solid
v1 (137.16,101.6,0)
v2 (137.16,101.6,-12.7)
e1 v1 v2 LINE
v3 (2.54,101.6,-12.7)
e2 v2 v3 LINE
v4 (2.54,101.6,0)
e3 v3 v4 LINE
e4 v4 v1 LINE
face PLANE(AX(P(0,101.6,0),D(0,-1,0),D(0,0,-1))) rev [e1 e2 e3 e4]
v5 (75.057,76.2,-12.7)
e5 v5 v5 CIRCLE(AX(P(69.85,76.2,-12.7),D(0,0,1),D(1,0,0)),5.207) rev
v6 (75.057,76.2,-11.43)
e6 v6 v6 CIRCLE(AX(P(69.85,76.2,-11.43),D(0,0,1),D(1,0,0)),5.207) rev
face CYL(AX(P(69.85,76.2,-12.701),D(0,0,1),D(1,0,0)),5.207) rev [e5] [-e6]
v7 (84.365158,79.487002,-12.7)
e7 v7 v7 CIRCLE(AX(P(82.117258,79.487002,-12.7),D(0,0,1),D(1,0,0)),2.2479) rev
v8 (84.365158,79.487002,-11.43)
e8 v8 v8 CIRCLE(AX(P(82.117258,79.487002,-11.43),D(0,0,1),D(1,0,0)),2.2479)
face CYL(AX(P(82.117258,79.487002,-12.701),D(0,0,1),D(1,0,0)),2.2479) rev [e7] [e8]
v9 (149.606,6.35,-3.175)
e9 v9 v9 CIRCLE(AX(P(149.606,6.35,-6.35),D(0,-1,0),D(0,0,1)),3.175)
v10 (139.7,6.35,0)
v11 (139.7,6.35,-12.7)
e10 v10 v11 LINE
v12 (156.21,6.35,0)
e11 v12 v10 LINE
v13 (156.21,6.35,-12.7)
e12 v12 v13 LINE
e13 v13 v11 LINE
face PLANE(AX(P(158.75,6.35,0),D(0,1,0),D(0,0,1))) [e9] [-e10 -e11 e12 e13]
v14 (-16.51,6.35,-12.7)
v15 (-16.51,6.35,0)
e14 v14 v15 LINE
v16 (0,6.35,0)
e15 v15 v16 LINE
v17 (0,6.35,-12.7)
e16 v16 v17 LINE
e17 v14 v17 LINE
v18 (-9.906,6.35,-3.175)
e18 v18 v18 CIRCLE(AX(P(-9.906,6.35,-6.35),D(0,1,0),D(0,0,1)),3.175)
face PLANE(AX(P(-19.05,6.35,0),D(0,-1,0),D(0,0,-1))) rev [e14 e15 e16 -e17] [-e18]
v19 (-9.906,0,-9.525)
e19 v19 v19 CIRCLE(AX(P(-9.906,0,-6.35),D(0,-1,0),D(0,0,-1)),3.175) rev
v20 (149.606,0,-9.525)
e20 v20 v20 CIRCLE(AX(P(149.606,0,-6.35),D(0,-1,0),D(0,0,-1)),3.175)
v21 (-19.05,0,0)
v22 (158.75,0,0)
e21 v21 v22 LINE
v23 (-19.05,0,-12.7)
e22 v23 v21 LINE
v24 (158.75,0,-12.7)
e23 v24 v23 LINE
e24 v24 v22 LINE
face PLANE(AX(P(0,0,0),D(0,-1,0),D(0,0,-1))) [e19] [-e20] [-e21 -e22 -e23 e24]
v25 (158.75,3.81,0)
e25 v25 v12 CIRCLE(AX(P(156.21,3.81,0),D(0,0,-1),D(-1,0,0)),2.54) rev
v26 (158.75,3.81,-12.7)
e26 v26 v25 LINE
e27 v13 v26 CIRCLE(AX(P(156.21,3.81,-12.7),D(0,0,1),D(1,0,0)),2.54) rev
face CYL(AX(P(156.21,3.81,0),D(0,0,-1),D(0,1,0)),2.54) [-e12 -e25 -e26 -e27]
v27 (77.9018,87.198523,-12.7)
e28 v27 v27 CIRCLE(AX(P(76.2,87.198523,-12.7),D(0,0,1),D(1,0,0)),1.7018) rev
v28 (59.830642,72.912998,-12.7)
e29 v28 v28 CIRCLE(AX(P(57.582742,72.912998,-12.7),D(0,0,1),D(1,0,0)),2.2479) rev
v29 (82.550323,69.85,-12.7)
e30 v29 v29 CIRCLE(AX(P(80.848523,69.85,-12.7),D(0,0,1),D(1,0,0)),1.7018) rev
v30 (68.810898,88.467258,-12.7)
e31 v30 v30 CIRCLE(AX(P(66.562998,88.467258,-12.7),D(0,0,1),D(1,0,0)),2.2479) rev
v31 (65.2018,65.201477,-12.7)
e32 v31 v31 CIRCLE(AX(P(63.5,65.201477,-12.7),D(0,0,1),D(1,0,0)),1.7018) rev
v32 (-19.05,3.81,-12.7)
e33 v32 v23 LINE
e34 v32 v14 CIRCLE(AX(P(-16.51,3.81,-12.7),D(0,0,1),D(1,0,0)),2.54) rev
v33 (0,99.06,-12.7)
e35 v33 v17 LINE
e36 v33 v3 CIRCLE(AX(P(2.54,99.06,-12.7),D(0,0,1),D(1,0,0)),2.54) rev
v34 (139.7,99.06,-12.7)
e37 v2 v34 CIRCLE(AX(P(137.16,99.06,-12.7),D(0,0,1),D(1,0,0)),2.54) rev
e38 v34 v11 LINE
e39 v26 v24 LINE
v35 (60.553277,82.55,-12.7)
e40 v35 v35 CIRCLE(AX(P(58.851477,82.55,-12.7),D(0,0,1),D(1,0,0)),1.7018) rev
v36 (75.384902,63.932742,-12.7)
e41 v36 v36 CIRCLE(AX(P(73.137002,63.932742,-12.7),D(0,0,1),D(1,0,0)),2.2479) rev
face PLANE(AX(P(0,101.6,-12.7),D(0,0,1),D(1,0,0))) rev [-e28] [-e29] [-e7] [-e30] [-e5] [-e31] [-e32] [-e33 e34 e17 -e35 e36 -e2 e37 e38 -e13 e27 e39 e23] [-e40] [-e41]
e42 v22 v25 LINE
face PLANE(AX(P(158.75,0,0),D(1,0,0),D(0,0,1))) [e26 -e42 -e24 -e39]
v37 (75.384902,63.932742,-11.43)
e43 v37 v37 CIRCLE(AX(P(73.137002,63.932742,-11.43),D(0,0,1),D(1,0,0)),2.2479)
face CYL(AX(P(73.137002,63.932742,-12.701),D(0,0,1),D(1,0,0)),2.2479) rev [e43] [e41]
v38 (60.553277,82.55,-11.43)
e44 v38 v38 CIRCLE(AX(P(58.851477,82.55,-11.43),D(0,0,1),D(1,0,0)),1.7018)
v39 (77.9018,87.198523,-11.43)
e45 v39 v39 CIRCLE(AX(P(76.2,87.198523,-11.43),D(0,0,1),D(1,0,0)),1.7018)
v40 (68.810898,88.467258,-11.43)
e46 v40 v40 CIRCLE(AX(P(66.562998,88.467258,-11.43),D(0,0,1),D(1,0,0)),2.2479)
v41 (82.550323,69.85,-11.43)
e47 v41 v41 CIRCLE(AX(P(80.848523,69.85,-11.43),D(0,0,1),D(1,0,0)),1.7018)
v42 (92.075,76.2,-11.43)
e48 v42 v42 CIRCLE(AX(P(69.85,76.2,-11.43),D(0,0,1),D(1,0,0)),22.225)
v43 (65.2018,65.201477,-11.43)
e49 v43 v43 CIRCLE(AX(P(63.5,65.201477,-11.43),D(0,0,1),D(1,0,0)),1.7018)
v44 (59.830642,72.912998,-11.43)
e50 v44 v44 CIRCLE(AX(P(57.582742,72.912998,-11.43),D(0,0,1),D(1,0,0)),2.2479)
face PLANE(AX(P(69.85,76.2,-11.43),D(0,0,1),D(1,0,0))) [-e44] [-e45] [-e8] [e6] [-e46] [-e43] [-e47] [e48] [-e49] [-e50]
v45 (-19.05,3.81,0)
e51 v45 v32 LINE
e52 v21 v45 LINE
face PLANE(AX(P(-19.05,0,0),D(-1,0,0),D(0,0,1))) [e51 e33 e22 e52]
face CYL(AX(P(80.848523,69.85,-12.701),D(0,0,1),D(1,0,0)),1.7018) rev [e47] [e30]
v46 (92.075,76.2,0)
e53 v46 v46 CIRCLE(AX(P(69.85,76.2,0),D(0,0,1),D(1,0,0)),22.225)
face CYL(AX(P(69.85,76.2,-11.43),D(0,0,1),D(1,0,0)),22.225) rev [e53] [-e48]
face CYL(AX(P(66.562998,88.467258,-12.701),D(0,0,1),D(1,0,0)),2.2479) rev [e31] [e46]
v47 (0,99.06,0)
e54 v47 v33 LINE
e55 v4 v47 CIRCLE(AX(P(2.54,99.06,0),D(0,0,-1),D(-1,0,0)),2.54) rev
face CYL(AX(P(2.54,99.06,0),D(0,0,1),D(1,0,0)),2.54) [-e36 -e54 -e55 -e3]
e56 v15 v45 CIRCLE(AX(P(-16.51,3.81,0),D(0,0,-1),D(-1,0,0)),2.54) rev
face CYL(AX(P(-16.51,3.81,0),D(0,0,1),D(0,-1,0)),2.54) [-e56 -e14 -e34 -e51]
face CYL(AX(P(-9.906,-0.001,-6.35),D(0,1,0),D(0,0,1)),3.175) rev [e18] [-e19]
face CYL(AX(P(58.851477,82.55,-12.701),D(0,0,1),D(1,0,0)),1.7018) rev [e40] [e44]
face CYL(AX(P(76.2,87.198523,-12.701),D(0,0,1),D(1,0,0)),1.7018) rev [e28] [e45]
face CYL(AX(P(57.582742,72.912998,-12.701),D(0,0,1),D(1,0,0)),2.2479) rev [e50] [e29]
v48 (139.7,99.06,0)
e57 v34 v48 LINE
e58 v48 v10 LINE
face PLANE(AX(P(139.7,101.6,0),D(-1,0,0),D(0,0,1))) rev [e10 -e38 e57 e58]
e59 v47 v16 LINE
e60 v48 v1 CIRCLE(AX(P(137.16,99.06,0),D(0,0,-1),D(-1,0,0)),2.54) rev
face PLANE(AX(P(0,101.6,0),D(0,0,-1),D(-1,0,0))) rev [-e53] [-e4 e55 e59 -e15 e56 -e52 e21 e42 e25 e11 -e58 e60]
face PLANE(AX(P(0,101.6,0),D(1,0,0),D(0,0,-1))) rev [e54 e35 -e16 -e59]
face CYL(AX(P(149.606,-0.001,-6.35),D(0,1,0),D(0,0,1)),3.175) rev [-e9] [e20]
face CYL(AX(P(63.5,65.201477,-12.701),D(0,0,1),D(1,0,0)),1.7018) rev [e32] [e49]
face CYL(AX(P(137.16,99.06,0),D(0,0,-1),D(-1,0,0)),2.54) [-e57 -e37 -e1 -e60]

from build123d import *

# Parameters (mm, degrees)
SKETCH1_W           = 139.7
SKETCH1_H           = 12.7
BOSS_EXTRUDE1_DEPTH = 101.6
SKETCH2_W           = 12.7
SKETCH2_H           = 6.35
BOSS_EXTRUDE2_DEPTH = 19.05
CUT_EXTRUDE1_REACH  = 190.906
SKETCH3_R           = 5.207
SKETCH4_R           = 22.225
CUT_EXTRUDE2_DEPTH  = 11.43
CUT_EXTRUDE3_REACH  = 190.825
SKETCH5_R           = 1.7018
SKETCH5_R_2         = 2.2479
CUT_EXTRUDE4_REACH  = 187.568
SKETCH6_R           = 3.175
FILLET1_R           = 2.54


with BuildPart() as part:
    # Sketch1 → Boss-Extrude1 (new body)
    with BuildSketch(Plane(origin=(0, 0, 0), x_dir=(1, 0, 0), z_dir=(0, 1, 0))):
        with Locations((69.85, 6.35)):
            Rectangle(SKETCH1_W, SKETCH1_H)
    extrude(amount=BOSS_EXTRUDE1_DEPTH)

    # Sketch2 → Boss-Extrude2 (add)
    with BuildSketch(Plane.ZY):
        with Locations((-6.35, 3.175)):
            Rectangle(SKETCH2_W, SKETCH2_H)
    boss_extrude2 = extrude(amount=BOSS_EXTRUDE2_DEPTH)

    # Mirror1: Boss-Extrude2 across plane
    add(boss_extrude2.mirror(Plane.ZY.offset(-69.85)))

    # Sketch3 → Cut-Extrude1 (cut, up to next)
    with BuildSketch(Plane.XY, mode=Mode.PRIVATE) as cut_extrude1_sk1:
        with Locations((69.85, 76.2)):
            Circle(SKETCH3_R)
    cut_extrude1_tool1 = extrude(cut_extrude1_sk1.sketch, amount=-CUT_EXTRUDE1_REACH, mode=Mode.PRIVATE) & part.part
    add(cut_extrude1_tool1.solids().sort_by_distance((69.85, 76.2, 0))[0], mode=Mode.SUBTRACT)

    # Sketch4 → Cut-Extrude2 (cut)
    with BuildSketch(Plane.XY):
        with Locations((69.85, 76.2)):
            Circle(SKETCH4_R)
    extrude(amount=-CUT_EXTRUDE2_DEPTH, mode=Mode.SUBTRACT)

    # Sketch5 → Cut-Extrude3 (cut, up to next)
    with BuildSketch(Plane.XY.offset(-11.43), mode=Mode.PRIVATE) as cut_extrude3_sk1:
        with Locations((58.851477372, 82.55)):
            Circle(SKETCH5_R)
    cut_extrude3_tool1 = extrude(cut_extrude3_sk1.sketch, amount=-CUT_EXTRUDE3_REACH, mode=Mode.PRIVATE) & part.part
    # Sketch5 → Cut-Extrude3 (cut, up to next)
    with BuildSketch(Plane.XY.offset(-11.43), mode=Mode.PRIVATE) as cut_extrude3_sk2:
        with Locations((66.562998127, 88.467257994)):
            Circle(SKETCH5_R_2)
    cut_extrude3_tool2 = extrude(cut_extrude3_sk2.sketch, amount=-CUT_EXTRUDE3_REACH, mode=Mode.PRIVATE) & part.part
    # Sketch5 → Cut-Extrude3 (cut, up to next)
    with BuildSketch(Plane.XY.offset(-11.43), mode=Mode.PRIVATE) as cut_extrude3_sk3:
        with Locations((82.117257994, 79.487001873)):
            Circle(SKETCH5_R_2)
    cut_extrude3_tool3 = extrude(cut_extrude3_sk3.sketch, amount=-CUT_EXTRUDE3_REACH, mode=Mode.PRIVATE) & part.part
    # Sketch5 → Cut-Extrude3 (cut, up to next)
    with BuildSketch(Plane.XY.offset(-11.43), mode=Mode.PRIVATE) as cut_extrude3_sk4:
        with Locations((73.137001873, 63.932742006)):
            Circle(SKETCH5_R_2)
    cut_extrude3_tool4 = extrude(cut_extrude3_sk4.sketch, amount=-CUT_EXTRUDE3_REACH, mode=Mode.PRIVATE) & part.part
    # Sketch5 → Cut-Extrude3 (cut, up to next)
    with BuildSketch(Plane.XY.offset(-11.43), mode=Mode.PRIVATE) as cut_extrude3_sk5:
        with Locations((57.582742006, 72.912998127)):
            Circle(SKETCH5_R_2)
    cut_extrude3_tool5 = extrude(cut_extrude3_sk5.sketch, amount=-CUT_EXTRUDE3_REACH, mode=Mode.PRIVATE) & part.part
    # Sketch5 → Cut-Extrude3 (cut, up to next)
    with BuildSketch(Plane.XY.offset(-11.43), mode=Mode.PRIVATE) as cut_extrude3_sk6:
        with Locations((76.2, 87.198522628)):
            Circle(SKETCH5_R)
    cut_extrude3_tool6 = extrude(cut_extrude3_sk6.sketch, amount=-CUT_EXTRUDE3_REACH, mode=Mode.PRIVATE) & part.part
    # Sketch5 → Cut-Extrude3 (cut, up to next)
    with BuildSketch(Plane.XY.offset(-11.43), mode=Mode.PRIVATE) as cut_extrude3_sk7:
        with Locations((80.848522628, 69.85)):
            Circle(SKETCH5_R)
    cut_extrude3_tool7 = extrude(cut_extrude3_sk7.sketch, amount=-CUT_EXTRUDE3_REACH, mode=Mode.PRIVATE) & part.part
    # Sketch5 → Cut-Extrude3 (cut, up to next)
    with BuildSketch(Plane.XY.offset(-11.43), mode=Mode.PRIVATE) as cut_extrude3_sk8:
        with Locations((63.5, 65.201477372)):
            Circle(SKETCH5_R)
    cut_extrude3_tool8 = extrude(cut_extrude3_sk8.sketch, amount=-CUT_EXTRUDE3_REACH, mode=Mode.PRIVATE) & part.part
    add(cut_extrude3_tool1.solids().sort_by_distance((58.851477, 82.55, -11.43))[0], mode=Mode.SUBTRACT)
    add(cut_extrude3_tool2.solids().sort_by_distance((66.562998, 88.467258, -11.43))[0], mode=Mode.SUBTRACT)
    add(cut_extrude3_tool3.solids().sort_by_distance((82.117258, 79.487002, -11.43))[0], mode=Mode.SUBTRACT)
    add(cut_extrude3_tool4.solids().sort_by_distance((73.137002, 63.932742, -11.43))[0], mode=Mode.SUBTRACT)
    add(cut_extrude3_tool5.solids().sort_by_distance((57.582742, 72.912998, -11.43))[0], mode=Mode.SUBTRACT)
    add(cut_extrude3_tool6.solids().sort_by_distance((76.2, 87.198523, -11.43))[0], mode=Mode.SUBTRACT)
    add(cut_extrude3_tool7.solids().sort_by_distance((80.848523, 69.85, -11.43))[0], mode=Mode.SUBTRACT)
    add(cut_extrude3_tool8.solids().sort_by_distance((63.5, 65.201477, -11.43))[0], mode=Mode.SUBTRACT)

    # Sketch6 → Cut-Extrude4 (cut, up to next)
    with BuildSketch(Plane(origin=(0, 6.35, 0), x_dir=(1, 0, 0), z_dir=(0, 1, 0)), mode=Mode.PRIVATE) as cut_extrude4_sk1:
        with Locations(Location((-9.906, 6.35, 0), (0, 0, 270))):
            Circle(SKETCH6_R)
    cut_extrude4_tool1 = extrude(cut_extrude4_sk1.sketch, amount=-CUT_EXTRUDE4_REACH, mode=Mode.PRIVATE) & part.part
    cut_extrude4 = cut_extrude4_tool1.solids().sort_by_distance((-9.906, 6.35, -6.35))[0]
    add(cut_extrude4, mode=Mode.SUBTRACT)

    # Mirror2: Cut-Extrude4 across plane
    add(cut_extrude4.mirror(Plane.ZY.offset(-69.85)), mode=Mode.SUBTRACT)

    # Fillet1
    fillet1_edges = [part.edges().sort_by_distance(p)[0] for p in [
        (139.7, 101.6, -6.35),
        (-19.05, 6.35, -6.35),
        (158.75, 6.35, -6.35),
        (0, 101.6, -6.35),
    ]]
    fillet(fillet1_edges, radius=FILLET1_R)


solid = part.part
